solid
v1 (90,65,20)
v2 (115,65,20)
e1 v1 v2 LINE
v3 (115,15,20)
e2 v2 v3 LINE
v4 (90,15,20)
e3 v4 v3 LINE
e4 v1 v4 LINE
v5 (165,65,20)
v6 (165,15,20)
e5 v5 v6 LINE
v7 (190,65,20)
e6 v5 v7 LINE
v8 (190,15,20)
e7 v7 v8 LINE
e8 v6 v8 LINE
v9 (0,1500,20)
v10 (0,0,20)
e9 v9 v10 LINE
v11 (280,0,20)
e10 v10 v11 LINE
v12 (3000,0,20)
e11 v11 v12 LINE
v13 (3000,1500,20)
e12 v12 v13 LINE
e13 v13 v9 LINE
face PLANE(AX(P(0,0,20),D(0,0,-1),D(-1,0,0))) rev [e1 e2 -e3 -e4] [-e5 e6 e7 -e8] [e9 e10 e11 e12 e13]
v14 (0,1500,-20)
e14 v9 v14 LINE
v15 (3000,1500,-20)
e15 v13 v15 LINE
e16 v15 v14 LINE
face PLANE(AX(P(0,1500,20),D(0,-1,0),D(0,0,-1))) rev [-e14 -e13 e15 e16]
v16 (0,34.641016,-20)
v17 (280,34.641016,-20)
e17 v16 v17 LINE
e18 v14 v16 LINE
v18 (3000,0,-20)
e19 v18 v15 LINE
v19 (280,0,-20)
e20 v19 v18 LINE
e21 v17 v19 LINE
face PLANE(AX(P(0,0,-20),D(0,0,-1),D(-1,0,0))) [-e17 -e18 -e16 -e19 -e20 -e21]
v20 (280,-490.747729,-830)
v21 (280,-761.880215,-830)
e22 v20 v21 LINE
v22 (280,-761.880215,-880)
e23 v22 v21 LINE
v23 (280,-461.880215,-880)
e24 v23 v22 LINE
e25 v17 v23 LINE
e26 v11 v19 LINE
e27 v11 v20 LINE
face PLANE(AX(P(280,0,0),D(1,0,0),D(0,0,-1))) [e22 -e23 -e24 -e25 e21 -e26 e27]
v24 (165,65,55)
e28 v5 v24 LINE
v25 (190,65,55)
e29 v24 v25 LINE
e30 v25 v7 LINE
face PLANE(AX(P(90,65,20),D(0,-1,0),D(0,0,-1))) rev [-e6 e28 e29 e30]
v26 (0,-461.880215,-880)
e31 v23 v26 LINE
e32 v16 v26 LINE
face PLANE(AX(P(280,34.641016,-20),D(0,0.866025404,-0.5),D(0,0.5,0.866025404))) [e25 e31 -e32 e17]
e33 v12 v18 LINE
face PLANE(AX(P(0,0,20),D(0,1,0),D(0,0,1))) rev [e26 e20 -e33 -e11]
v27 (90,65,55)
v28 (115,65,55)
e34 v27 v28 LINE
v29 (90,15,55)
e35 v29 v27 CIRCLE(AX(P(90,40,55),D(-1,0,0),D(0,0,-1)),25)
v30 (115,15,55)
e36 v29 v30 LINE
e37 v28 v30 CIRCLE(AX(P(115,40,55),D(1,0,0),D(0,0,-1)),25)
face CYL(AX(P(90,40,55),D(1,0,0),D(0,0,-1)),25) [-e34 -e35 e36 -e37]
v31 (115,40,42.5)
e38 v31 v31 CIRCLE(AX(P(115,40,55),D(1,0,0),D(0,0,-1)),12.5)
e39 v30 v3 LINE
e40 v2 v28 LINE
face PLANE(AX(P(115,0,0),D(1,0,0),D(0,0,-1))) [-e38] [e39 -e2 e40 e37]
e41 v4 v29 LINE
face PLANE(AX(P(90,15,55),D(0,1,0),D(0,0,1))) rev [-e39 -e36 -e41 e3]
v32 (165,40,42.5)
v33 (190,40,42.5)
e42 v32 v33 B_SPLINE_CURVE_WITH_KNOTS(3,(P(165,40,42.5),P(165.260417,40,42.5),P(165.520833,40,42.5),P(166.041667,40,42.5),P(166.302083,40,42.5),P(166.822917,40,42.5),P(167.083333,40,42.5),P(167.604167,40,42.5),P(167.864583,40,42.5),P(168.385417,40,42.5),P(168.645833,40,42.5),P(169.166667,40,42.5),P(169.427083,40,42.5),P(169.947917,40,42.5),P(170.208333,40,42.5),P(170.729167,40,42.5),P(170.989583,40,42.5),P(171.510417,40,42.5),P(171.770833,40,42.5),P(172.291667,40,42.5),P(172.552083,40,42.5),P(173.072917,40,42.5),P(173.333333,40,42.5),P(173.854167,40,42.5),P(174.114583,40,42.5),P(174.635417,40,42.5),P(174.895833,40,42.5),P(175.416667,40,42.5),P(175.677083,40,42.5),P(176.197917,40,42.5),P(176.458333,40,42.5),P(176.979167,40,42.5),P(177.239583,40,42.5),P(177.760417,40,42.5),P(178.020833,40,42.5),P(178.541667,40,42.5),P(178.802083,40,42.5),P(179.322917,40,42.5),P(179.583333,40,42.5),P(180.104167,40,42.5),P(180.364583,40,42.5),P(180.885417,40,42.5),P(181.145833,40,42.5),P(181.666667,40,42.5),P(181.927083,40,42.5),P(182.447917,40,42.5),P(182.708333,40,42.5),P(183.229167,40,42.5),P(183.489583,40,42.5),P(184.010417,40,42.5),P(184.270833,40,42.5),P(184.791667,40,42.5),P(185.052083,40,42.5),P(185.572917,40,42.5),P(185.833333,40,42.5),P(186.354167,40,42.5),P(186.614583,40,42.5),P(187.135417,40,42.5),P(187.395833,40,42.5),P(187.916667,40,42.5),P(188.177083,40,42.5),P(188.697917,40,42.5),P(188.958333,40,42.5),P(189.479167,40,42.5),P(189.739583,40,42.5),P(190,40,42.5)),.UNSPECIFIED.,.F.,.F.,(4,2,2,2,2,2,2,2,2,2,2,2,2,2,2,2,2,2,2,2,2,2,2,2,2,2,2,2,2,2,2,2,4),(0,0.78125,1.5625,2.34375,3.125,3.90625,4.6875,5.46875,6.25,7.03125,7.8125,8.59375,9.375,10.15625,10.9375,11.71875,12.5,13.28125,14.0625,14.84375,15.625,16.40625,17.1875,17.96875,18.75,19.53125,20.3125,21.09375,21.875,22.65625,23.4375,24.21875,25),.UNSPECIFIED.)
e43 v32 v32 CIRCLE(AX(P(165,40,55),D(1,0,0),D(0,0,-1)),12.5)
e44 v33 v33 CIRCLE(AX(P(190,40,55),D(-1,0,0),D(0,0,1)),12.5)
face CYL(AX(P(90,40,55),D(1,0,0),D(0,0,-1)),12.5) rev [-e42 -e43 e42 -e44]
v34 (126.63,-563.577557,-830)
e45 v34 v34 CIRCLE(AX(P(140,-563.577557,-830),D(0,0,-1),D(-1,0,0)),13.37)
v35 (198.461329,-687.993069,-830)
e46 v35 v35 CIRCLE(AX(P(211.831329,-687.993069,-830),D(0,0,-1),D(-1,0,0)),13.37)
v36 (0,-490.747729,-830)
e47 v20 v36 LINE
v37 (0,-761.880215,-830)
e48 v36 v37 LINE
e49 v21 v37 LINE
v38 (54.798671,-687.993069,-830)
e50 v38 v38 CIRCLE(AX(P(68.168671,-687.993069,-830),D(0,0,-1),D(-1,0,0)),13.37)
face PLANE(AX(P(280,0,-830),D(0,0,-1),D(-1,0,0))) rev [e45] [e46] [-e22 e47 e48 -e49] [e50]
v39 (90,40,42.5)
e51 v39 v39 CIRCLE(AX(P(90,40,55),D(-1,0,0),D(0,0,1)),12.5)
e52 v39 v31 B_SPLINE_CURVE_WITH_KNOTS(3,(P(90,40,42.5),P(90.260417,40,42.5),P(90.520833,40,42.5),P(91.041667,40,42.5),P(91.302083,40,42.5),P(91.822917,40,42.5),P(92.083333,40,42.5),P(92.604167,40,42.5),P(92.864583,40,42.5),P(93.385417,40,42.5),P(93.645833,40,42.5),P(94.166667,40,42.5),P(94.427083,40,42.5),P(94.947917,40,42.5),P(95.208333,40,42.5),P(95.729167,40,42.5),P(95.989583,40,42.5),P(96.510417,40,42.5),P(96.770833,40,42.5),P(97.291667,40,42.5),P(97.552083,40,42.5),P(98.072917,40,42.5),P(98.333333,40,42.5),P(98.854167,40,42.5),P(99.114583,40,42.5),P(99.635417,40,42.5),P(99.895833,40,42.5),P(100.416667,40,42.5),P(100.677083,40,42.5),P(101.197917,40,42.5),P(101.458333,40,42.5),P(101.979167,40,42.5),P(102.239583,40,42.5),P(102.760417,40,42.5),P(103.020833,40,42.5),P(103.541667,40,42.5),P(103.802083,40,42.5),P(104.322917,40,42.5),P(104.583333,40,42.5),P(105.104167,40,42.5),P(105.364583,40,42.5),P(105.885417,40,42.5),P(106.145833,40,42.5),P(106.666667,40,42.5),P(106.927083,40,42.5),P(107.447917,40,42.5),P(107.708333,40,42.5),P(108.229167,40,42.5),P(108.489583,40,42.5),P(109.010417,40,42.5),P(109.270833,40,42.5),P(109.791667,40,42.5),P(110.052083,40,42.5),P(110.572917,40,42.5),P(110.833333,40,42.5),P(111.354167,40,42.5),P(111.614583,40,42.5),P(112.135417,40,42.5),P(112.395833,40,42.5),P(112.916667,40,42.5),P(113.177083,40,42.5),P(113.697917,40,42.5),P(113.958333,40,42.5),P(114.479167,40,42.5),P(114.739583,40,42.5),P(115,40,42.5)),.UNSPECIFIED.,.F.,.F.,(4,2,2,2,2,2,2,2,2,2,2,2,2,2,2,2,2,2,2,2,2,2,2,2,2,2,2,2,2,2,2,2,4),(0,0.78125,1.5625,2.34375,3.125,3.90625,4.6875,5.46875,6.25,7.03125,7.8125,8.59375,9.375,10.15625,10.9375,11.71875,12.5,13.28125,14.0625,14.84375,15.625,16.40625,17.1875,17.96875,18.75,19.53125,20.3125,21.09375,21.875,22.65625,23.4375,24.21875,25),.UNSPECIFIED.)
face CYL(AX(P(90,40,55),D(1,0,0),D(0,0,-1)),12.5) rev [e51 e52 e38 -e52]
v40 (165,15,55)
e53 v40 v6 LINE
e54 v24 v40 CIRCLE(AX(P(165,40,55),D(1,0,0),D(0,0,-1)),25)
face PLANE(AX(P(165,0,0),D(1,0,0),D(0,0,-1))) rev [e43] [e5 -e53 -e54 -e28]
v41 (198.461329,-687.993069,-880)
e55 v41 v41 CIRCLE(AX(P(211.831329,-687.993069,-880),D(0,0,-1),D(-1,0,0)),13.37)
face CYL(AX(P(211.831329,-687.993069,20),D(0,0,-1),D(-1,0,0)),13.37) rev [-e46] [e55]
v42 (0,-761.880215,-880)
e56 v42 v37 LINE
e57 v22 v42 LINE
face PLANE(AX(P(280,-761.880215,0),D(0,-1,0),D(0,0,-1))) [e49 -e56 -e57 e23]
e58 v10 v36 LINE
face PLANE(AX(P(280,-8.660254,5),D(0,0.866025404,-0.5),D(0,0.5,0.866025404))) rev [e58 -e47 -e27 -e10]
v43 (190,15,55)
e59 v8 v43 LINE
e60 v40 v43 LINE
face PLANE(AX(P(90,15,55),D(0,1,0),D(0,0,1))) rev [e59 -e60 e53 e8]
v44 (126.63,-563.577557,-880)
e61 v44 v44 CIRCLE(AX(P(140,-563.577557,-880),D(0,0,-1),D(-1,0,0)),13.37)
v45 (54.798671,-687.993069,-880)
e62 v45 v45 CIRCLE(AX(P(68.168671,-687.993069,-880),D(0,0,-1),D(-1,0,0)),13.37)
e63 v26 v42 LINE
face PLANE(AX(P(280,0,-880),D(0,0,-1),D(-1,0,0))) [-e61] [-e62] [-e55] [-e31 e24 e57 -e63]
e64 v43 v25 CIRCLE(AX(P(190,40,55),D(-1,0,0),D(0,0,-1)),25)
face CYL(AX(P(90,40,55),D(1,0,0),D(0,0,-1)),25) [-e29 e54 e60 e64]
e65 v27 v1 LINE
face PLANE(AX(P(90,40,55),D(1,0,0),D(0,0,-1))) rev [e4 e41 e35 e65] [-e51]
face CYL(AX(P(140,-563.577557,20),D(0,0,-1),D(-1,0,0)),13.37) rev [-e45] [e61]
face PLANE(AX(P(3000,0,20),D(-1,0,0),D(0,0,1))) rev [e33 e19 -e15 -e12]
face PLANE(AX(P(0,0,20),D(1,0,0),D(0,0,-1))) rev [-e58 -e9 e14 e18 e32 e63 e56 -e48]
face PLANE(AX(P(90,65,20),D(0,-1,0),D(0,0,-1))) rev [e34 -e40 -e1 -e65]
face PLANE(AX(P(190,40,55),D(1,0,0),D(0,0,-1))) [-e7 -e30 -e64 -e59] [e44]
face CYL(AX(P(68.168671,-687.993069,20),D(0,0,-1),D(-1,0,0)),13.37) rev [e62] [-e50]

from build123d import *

# Parameters (mm, degrees)
ESQUISSE1_W             = 3000
ESQUISSE1_H             = 1500
BOSS_EXTRU_1_DEPTH      = 20
BOSS_EXTRU_2_DEPTH      = 280
ESQUISSE4_R             = 13.37
ENL_V_MAT_EXTRU_1_DEPTH = 3473.751070837
ESQUISSE5_R             = 12.5
BOSS_EXTRU_3_DEPTH      = 50
ESQUISSE6_W             = 73.651656562
ESQUISSE6_H             = 85.918496535
ENL_V_MAT_EXTRU_2_DEPTH = 25


with BuildPart() as part:
    # Esquisse1 → Boss.-Extru.1 (new, symmetric)
    with BuildSketch(Plane.XY):
        with Locations((1500, 750)):
            Rectangle(ESQUISSE1_W, ESQUISSE1_H)
    extrude(amount=BOSS_EXTRU_1_DEPTH, both=True)

    # Esquisse3 → Boss.-Extru.2 (add)
    with BuildSketch(Plane(origin=(0, 0, 0), x_dir=(0, 0, -1), z_dir=(1, 0, 0))):
        Polygon((880, -519.615242271), (830, -490.747728811), (830, -761.880215352), (880, -761.880215352), align=None)
        Polygon((880, -519.615242271), (880, -461.880215352), (830, -461.880215352), (830, -490.747728811), align=None)
        Polygon((880, -461.880215352), (-20, 57.735026919), (-20, 0), (830, -490.747728811), (830, -461.880215352), align=None)
    extrude(amount=BOSS_EXTRU_2_DEPTH)

    # Esquisse4 → Enlèv. mat.-Extru.1 (cut, through all)
    with BuildSketch(Plane(origin=(0, 0, -880), x_dir=(-1, 0, 0), z_dir=(0, 0, -1))):
        with Locations((-140, -563.577557423)):
            Circle(ESQUISSE4_R)
        with Locations((-68.168671163, -687.993068543)):
            Circle(ESQUISSE4_R)
        with Locations((-211.831328836, -687.993068543)):
            Circle(ESQUISSE4_R)
    extrude(amount=-ENL_V_MAT_EXTRU_1_DEPTH, mode=Mode.SUBTRACT)

    # Esquisse5 → Boss.-Extru.3 (add, symmetric)
    with BuildSketch(Plane.ZY.offset(-140)):
        with BuildLine():
            Line((55, 15), (20, 15))
            Line((20, 15), (20, 65))
            Line((20, 65), (55, 65))
            ThreePointArc((55, 65), (80, 40), (55, 15))
        make_face()
        with Locations(Location((55, 40, 0), (0, 0, 180))):
            Circle(ESQUISSE5_R, mode=Mode.SUBTRACT)
    extrude(amount=BOSS_EXTRU_3_DEPTH, both=True)

    # Esquisse6 → Enlèv. mat.-Extru.2 (cut, symmetric)
    with BuildSketch(Plane.ZY.offset(-140)):
        with Locations((56.825828281, 42.959248268)):
            Rectangle(ESQUISSE6_W, ESQUISSE6_H)
    extrude(amount=ENL_V_MAT_EXTRU_2_DEPTH, both=True, mode=Mode.SUBTRACT)


solid = part.part
